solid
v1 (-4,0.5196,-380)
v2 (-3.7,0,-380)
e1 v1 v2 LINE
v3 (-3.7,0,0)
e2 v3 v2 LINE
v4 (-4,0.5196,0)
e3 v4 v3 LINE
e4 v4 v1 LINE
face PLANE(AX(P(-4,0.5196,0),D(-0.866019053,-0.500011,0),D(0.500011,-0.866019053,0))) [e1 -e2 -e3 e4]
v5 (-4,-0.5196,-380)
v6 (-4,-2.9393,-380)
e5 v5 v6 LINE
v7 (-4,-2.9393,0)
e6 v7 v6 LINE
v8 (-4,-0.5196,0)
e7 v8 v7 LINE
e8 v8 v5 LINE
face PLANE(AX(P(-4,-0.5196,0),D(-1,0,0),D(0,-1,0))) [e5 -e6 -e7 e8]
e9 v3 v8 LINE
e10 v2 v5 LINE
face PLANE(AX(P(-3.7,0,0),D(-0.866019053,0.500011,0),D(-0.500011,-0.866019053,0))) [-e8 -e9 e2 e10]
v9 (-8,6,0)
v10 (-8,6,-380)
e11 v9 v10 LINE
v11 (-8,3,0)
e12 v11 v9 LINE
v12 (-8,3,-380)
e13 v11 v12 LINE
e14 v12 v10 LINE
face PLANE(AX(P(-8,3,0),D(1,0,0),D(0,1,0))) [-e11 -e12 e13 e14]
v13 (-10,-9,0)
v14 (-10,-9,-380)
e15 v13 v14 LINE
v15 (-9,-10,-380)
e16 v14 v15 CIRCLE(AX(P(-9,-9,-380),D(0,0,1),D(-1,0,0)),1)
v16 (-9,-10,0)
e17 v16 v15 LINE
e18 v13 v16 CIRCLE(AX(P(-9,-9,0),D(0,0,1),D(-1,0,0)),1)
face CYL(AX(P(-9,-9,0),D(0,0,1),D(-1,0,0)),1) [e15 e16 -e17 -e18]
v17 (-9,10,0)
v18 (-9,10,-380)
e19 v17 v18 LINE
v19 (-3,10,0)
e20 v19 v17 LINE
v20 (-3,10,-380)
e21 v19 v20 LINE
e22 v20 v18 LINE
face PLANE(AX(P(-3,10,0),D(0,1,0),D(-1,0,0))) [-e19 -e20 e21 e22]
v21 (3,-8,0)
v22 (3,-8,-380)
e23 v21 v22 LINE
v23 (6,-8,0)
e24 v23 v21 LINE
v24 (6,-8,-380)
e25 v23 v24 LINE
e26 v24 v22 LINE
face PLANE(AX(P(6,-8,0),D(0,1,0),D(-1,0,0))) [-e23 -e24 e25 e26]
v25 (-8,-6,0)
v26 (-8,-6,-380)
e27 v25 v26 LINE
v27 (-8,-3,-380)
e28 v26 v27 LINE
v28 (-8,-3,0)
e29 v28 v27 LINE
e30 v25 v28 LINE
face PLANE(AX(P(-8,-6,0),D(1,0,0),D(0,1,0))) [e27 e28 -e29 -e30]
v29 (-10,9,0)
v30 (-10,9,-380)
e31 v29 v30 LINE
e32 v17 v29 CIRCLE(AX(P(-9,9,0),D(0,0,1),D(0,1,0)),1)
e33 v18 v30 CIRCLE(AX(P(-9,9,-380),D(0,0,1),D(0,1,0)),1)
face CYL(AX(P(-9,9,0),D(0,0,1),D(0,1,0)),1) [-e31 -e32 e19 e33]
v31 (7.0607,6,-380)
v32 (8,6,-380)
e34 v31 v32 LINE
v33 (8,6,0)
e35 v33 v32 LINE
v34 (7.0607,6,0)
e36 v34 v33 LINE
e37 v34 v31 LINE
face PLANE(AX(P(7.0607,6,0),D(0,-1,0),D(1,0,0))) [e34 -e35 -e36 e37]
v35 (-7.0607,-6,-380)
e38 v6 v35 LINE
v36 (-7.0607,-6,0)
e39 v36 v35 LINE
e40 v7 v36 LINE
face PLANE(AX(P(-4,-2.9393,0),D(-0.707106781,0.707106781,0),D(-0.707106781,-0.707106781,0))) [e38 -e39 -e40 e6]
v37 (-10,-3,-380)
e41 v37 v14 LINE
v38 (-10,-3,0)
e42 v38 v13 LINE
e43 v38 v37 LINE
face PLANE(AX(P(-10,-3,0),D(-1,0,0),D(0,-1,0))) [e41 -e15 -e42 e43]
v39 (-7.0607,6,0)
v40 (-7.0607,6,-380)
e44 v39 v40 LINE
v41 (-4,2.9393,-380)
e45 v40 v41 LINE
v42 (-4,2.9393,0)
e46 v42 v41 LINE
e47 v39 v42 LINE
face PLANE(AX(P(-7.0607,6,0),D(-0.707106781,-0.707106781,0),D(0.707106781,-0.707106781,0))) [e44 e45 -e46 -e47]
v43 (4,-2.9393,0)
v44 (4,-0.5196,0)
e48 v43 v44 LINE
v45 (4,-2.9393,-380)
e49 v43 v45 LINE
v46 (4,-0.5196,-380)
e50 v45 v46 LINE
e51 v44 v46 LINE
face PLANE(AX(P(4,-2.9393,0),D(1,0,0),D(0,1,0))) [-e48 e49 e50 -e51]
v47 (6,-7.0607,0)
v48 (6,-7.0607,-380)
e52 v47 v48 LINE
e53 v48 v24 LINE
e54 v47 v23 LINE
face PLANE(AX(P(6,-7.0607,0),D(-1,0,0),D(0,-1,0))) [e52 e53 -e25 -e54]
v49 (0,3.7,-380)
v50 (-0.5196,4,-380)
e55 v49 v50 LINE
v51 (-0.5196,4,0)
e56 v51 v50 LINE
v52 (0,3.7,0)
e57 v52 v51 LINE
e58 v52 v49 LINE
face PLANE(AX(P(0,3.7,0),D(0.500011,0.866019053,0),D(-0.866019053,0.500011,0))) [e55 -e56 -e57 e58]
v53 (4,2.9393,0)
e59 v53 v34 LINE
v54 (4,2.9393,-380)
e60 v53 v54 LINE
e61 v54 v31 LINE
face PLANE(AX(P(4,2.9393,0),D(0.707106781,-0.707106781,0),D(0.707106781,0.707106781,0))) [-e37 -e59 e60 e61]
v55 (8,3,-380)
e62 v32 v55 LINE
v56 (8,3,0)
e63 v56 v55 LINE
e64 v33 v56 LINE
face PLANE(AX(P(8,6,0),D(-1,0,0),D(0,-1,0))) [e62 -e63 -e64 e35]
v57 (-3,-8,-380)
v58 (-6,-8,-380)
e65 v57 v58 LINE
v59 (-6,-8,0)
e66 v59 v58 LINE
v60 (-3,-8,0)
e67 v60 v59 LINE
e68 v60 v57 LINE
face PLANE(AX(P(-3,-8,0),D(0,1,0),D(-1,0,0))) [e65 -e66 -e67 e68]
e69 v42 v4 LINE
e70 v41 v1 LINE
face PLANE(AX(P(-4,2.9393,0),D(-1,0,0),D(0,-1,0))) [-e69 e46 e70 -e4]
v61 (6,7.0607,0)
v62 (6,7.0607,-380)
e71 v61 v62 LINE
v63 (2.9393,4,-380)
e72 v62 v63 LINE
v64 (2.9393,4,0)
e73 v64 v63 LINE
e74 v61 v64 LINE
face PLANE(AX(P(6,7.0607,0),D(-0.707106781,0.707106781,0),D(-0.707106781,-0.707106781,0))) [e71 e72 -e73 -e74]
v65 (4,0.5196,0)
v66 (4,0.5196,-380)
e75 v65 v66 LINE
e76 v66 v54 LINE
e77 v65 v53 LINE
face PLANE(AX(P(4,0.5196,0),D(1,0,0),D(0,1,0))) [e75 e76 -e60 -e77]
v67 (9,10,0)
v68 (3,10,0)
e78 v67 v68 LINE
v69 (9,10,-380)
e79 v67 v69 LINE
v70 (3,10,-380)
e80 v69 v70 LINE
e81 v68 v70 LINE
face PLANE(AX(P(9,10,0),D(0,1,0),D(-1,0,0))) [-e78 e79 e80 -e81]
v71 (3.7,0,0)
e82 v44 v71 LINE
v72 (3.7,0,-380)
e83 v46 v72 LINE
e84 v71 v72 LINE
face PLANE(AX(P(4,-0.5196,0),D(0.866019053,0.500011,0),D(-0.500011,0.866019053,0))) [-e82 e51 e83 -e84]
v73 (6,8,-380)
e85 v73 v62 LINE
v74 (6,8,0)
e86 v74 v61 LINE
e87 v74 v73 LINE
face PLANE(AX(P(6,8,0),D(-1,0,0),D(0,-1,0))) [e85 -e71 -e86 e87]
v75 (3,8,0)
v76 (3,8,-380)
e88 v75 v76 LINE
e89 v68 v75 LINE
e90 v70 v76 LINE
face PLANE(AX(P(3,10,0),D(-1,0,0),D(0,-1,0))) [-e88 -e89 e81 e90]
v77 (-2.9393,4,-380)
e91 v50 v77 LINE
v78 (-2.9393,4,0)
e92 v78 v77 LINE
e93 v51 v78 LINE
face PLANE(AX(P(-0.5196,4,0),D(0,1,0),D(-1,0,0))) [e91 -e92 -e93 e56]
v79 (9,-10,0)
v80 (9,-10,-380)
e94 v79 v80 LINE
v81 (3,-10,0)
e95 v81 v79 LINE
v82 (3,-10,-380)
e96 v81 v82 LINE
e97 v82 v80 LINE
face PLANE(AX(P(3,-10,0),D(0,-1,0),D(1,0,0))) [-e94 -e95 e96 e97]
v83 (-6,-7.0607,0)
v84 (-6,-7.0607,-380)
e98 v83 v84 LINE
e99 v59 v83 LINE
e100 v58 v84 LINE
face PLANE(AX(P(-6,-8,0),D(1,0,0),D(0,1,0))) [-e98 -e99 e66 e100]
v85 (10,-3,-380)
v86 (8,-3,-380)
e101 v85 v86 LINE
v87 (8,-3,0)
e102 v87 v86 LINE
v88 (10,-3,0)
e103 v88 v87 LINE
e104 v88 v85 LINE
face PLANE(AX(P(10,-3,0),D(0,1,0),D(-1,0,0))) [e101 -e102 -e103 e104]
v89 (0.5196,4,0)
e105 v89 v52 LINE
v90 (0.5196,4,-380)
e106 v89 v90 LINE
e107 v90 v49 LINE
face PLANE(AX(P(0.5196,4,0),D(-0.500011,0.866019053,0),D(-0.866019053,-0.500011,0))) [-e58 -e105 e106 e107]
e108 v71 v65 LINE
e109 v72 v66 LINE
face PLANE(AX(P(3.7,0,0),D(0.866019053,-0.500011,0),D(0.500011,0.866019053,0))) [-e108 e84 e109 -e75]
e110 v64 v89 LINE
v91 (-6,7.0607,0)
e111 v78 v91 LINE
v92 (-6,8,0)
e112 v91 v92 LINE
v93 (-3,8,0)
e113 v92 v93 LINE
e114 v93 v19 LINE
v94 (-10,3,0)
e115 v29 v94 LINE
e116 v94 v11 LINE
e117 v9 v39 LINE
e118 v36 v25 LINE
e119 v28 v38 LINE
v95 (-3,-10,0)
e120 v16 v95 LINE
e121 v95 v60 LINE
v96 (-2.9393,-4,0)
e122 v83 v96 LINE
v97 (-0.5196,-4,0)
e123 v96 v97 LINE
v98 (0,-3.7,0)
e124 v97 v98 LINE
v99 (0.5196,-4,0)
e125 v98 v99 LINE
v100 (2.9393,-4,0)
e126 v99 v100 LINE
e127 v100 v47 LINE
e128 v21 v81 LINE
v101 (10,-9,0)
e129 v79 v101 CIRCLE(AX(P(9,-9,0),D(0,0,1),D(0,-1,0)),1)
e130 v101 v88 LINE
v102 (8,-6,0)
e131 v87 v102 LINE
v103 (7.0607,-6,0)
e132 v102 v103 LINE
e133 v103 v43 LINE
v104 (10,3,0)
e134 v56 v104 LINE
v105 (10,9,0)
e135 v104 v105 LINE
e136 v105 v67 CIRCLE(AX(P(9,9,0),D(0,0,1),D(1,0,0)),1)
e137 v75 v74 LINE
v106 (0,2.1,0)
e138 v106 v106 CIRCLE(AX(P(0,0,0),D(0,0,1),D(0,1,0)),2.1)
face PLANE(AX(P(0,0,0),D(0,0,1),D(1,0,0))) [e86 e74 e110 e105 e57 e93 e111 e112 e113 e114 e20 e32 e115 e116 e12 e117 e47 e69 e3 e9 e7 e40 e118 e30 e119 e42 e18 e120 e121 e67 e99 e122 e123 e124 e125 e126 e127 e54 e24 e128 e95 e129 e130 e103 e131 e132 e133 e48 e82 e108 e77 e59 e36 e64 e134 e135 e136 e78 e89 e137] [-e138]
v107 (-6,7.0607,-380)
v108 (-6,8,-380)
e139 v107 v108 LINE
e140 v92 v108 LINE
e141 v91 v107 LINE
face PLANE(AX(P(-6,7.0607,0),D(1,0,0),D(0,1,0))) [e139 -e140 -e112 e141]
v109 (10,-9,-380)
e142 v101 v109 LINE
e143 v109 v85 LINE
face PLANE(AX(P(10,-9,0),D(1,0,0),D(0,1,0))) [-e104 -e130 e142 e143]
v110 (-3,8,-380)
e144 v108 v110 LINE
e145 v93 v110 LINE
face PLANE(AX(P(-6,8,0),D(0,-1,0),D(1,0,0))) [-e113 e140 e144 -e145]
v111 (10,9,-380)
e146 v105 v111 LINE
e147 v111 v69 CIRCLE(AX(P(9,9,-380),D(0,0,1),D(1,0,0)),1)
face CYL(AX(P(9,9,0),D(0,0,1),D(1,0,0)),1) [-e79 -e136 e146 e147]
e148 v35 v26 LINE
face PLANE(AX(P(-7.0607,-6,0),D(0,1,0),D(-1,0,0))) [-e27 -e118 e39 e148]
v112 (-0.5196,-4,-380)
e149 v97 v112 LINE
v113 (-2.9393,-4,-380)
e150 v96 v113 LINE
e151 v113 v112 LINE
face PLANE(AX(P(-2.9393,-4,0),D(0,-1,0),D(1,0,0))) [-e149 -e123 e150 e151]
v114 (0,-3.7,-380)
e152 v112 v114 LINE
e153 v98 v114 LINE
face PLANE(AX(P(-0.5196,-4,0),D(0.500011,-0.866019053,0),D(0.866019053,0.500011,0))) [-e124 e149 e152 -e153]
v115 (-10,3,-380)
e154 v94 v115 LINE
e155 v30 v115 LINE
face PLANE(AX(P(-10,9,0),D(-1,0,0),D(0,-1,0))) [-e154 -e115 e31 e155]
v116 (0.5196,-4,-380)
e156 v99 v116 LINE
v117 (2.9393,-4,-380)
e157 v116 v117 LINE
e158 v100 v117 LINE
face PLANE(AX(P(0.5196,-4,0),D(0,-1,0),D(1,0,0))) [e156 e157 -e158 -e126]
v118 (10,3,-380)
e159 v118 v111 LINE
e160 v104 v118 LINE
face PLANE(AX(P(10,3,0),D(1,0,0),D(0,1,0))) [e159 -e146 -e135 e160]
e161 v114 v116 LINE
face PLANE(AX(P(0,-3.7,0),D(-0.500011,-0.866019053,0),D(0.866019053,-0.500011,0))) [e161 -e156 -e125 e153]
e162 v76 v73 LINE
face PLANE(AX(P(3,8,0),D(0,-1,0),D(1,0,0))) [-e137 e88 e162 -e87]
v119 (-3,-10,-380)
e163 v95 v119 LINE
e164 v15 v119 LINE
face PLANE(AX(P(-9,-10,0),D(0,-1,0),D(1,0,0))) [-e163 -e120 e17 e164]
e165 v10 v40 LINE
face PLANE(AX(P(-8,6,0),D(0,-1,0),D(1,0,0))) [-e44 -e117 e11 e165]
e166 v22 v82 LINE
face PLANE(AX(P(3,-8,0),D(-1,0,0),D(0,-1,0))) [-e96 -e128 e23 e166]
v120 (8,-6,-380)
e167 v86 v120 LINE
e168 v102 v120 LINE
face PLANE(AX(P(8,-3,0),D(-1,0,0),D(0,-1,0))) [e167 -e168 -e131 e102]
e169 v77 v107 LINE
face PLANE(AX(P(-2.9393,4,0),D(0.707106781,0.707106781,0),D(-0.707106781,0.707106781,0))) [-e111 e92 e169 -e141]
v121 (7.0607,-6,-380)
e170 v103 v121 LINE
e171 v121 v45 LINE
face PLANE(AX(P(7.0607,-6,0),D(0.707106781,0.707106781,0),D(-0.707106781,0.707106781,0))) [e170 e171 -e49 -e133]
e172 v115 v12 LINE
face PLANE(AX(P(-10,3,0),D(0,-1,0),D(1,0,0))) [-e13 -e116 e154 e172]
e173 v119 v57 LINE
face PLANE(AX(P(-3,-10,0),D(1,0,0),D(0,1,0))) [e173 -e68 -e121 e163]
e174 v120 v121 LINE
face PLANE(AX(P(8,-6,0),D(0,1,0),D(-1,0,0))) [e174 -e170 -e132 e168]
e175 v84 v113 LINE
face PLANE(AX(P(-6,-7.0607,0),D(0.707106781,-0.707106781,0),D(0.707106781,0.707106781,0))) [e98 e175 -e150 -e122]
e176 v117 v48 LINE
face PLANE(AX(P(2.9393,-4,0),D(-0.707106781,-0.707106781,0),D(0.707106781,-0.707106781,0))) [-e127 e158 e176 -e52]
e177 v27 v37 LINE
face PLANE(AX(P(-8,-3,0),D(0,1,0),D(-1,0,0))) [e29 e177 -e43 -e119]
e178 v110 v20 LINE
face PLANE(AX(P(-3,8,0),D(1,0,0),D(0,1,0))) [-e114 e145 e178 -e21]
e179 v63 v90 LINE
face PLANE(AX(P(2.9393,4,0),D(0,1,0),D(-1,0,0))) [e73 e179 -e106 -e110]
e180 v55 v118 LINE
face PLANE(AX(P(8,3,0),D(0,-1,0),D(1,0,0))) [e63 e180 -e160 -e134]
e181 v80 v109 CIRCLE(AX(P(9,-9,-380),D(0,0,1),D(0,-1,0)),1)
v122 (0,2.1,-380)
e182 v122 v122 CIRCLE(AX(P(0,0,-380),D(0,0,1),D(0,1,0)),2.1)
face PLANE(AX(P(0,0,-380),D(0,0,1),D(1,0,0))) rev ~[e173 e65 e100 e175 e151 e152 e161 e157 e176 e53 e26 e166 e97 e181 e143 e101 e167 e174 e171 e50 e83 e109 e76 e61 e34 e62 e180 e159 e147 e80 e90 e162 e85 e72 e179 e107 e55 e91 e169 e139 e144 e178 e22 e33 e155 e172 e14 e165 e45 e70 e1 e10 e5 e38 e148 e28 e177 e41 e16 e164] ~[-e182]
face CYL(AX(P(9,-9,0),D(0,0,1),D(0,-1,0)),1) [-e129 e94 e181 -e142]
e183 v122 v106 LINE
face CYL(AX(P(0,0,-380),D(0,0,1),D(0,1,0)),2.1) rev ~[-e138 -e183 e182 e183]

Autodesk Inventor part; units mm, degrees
sketch "Sketch_1" plane through (0, 0, 0) normal (0, 0, 1) x (1, 0, 0)
  line L0 (-10, -3) -> (-10, -9)
  arc A0 (-10, -9) -> (-9, -10) centre (-9, -9) ccw
  line L1 (-9, -10) -> (-3, -10)
  line L2 (-3, -10) -> (-3, -8)
  line L3 (-3, -8) -> (-6, -8)
  line L4 (-6, -8) -> (-6, -7.0607)
  line L5 (-6, -7.0607) -> (-2.9393, -4)
  line L6 (-2.9393, -4) -> (-0.5196, -4)
  line L7 (-0.5196, -4) -> (0, -3.7)
  line L8 (0, -3.7) -> (0.5196, -4)
  line L9 (0.5196, -4) -> (2.9393, -4)
  line L10 (2.9393, -4) -> (6, -7.0607)
  line L11 (6, -7.0607) -> (6, -8)
  line L12 (6, -8) -> (3, -8)
  line L13 (3, -8) -> (3, -10)
  line L14 (3, -10) -> (9, -10)
  arc A1 (9, -10) -> (10, -9) centre (9, -9) ccw
  line L15 (10, -9) -> (10, -3)
  line L16 (10, -3) -> (8, -3)
  line L17 (8, -3) -> (8, -6)
  line L18 (8, -6) -> (7.0607, -6)
  line L19 (7.0607, -6) -> (4, -2.9393)
  line L20 (4, -2.9393) -> (4, -0.5196)
  line L21 (4, -0.5196) -> (3.7, 0)
  line L22 (3.7, 0) -> (4, 0.5196)
  line L23 (4, 0.5196) -> (4, 2.9393)
  line L24 (4, 2.9393) -> (7.0607, 6)
  line L25 (7.0607, 6) -> (8, 6)
  line L26 (8, 6) -> (8, 3)
  line L27 (8, 3) -> (10, 3)
  line L28 (10, 3) -> (10, 9)
  arc A2 (10, 9) -> (9, 10) centre (9, 9) ccw
  line L29 (9, 10) -> (3, 10)
  line L30 (3, 10) -> (3, 8)
  line L31 (3, 8) -> (6, 8)
  line L32 (6, 8) -> (6, 7.0607)
  line L33 (6, 7.0607) -> (2.9393, 4)
  line L34 (2.9393, 4) -> (0.5196, 4)
  line L35 (0.5196, 4) -> (0, 3.7)
  line L36 (0, 3.7) -> (-0.5196, 4)
  line L37 (-0.5196, 4) -> (-2.9393, 4)
  line L38 (-2.9393, 4) -> (-6, 7.0607)
  line L39 (-6, 7.0607) -> (-6, 8)
  line L40 (-6, 8) -> (-3, 8)
  line L41 (-3, 8) -> (-3, 10)
  line L42 (-3, 10) -> (-9, 10)
  arc A3 (-9, 10) -> (-10, 9) centre (-9, 9) ccw
  line L43 (-10, 9) -> (-10, 3)
  line L44 (-10, 3) -> (-8, 3)
  line L45 (-8, 3) -> (-8, 6)
  line L46 (-8, 6) -> (-7.0607, 6)
  line L47 (-7.0607, 6) -> (-4, 2.9393)
  line L48 (-4, 2.9393) -> (-4, 0.5196)
  line L49 (-4, 0.5196) -> (-3.7, 0)
  line L50 (-3.7, 0) -> (-4, -0.5196)
  line L51 (-4, -0.5196) -> (-4, -2.9393)
  line L52 (-4, -2.9393) -> (-7.0607, -6)
  line L53 (-7.0607, -6) -> (-8, -6)
  line L54 (-8, -6) -> (-8, -3)
  line L55 (-8, -3) -> (-10, -3)
extrude "Extrusion1" add sketch "Sketch_1" against normal blind 380
sketch "Sketch2" plane through (0, 0, -380) normal (0, 0, -1) x (-1, 0, 0)
  point P0 (0, 0)
hole "Hole1" at (0, 0, -380) direction (0, 0, 1) diameter 4.2 depth 380
ref_plane "C1_XY" through (0, 0, 0) normal (0, 0, 1) x (1, 0, 0)
ref_plane "C1_YZ" through (0, 0, 0) normal (1, 0, 0) x (0, 1, 0)
ref_plane "C1_ZX" through (0, 0, 0) normal (0, 1, 0) x (0, 0, 1)
properties part number "HFS5-2020-380"
